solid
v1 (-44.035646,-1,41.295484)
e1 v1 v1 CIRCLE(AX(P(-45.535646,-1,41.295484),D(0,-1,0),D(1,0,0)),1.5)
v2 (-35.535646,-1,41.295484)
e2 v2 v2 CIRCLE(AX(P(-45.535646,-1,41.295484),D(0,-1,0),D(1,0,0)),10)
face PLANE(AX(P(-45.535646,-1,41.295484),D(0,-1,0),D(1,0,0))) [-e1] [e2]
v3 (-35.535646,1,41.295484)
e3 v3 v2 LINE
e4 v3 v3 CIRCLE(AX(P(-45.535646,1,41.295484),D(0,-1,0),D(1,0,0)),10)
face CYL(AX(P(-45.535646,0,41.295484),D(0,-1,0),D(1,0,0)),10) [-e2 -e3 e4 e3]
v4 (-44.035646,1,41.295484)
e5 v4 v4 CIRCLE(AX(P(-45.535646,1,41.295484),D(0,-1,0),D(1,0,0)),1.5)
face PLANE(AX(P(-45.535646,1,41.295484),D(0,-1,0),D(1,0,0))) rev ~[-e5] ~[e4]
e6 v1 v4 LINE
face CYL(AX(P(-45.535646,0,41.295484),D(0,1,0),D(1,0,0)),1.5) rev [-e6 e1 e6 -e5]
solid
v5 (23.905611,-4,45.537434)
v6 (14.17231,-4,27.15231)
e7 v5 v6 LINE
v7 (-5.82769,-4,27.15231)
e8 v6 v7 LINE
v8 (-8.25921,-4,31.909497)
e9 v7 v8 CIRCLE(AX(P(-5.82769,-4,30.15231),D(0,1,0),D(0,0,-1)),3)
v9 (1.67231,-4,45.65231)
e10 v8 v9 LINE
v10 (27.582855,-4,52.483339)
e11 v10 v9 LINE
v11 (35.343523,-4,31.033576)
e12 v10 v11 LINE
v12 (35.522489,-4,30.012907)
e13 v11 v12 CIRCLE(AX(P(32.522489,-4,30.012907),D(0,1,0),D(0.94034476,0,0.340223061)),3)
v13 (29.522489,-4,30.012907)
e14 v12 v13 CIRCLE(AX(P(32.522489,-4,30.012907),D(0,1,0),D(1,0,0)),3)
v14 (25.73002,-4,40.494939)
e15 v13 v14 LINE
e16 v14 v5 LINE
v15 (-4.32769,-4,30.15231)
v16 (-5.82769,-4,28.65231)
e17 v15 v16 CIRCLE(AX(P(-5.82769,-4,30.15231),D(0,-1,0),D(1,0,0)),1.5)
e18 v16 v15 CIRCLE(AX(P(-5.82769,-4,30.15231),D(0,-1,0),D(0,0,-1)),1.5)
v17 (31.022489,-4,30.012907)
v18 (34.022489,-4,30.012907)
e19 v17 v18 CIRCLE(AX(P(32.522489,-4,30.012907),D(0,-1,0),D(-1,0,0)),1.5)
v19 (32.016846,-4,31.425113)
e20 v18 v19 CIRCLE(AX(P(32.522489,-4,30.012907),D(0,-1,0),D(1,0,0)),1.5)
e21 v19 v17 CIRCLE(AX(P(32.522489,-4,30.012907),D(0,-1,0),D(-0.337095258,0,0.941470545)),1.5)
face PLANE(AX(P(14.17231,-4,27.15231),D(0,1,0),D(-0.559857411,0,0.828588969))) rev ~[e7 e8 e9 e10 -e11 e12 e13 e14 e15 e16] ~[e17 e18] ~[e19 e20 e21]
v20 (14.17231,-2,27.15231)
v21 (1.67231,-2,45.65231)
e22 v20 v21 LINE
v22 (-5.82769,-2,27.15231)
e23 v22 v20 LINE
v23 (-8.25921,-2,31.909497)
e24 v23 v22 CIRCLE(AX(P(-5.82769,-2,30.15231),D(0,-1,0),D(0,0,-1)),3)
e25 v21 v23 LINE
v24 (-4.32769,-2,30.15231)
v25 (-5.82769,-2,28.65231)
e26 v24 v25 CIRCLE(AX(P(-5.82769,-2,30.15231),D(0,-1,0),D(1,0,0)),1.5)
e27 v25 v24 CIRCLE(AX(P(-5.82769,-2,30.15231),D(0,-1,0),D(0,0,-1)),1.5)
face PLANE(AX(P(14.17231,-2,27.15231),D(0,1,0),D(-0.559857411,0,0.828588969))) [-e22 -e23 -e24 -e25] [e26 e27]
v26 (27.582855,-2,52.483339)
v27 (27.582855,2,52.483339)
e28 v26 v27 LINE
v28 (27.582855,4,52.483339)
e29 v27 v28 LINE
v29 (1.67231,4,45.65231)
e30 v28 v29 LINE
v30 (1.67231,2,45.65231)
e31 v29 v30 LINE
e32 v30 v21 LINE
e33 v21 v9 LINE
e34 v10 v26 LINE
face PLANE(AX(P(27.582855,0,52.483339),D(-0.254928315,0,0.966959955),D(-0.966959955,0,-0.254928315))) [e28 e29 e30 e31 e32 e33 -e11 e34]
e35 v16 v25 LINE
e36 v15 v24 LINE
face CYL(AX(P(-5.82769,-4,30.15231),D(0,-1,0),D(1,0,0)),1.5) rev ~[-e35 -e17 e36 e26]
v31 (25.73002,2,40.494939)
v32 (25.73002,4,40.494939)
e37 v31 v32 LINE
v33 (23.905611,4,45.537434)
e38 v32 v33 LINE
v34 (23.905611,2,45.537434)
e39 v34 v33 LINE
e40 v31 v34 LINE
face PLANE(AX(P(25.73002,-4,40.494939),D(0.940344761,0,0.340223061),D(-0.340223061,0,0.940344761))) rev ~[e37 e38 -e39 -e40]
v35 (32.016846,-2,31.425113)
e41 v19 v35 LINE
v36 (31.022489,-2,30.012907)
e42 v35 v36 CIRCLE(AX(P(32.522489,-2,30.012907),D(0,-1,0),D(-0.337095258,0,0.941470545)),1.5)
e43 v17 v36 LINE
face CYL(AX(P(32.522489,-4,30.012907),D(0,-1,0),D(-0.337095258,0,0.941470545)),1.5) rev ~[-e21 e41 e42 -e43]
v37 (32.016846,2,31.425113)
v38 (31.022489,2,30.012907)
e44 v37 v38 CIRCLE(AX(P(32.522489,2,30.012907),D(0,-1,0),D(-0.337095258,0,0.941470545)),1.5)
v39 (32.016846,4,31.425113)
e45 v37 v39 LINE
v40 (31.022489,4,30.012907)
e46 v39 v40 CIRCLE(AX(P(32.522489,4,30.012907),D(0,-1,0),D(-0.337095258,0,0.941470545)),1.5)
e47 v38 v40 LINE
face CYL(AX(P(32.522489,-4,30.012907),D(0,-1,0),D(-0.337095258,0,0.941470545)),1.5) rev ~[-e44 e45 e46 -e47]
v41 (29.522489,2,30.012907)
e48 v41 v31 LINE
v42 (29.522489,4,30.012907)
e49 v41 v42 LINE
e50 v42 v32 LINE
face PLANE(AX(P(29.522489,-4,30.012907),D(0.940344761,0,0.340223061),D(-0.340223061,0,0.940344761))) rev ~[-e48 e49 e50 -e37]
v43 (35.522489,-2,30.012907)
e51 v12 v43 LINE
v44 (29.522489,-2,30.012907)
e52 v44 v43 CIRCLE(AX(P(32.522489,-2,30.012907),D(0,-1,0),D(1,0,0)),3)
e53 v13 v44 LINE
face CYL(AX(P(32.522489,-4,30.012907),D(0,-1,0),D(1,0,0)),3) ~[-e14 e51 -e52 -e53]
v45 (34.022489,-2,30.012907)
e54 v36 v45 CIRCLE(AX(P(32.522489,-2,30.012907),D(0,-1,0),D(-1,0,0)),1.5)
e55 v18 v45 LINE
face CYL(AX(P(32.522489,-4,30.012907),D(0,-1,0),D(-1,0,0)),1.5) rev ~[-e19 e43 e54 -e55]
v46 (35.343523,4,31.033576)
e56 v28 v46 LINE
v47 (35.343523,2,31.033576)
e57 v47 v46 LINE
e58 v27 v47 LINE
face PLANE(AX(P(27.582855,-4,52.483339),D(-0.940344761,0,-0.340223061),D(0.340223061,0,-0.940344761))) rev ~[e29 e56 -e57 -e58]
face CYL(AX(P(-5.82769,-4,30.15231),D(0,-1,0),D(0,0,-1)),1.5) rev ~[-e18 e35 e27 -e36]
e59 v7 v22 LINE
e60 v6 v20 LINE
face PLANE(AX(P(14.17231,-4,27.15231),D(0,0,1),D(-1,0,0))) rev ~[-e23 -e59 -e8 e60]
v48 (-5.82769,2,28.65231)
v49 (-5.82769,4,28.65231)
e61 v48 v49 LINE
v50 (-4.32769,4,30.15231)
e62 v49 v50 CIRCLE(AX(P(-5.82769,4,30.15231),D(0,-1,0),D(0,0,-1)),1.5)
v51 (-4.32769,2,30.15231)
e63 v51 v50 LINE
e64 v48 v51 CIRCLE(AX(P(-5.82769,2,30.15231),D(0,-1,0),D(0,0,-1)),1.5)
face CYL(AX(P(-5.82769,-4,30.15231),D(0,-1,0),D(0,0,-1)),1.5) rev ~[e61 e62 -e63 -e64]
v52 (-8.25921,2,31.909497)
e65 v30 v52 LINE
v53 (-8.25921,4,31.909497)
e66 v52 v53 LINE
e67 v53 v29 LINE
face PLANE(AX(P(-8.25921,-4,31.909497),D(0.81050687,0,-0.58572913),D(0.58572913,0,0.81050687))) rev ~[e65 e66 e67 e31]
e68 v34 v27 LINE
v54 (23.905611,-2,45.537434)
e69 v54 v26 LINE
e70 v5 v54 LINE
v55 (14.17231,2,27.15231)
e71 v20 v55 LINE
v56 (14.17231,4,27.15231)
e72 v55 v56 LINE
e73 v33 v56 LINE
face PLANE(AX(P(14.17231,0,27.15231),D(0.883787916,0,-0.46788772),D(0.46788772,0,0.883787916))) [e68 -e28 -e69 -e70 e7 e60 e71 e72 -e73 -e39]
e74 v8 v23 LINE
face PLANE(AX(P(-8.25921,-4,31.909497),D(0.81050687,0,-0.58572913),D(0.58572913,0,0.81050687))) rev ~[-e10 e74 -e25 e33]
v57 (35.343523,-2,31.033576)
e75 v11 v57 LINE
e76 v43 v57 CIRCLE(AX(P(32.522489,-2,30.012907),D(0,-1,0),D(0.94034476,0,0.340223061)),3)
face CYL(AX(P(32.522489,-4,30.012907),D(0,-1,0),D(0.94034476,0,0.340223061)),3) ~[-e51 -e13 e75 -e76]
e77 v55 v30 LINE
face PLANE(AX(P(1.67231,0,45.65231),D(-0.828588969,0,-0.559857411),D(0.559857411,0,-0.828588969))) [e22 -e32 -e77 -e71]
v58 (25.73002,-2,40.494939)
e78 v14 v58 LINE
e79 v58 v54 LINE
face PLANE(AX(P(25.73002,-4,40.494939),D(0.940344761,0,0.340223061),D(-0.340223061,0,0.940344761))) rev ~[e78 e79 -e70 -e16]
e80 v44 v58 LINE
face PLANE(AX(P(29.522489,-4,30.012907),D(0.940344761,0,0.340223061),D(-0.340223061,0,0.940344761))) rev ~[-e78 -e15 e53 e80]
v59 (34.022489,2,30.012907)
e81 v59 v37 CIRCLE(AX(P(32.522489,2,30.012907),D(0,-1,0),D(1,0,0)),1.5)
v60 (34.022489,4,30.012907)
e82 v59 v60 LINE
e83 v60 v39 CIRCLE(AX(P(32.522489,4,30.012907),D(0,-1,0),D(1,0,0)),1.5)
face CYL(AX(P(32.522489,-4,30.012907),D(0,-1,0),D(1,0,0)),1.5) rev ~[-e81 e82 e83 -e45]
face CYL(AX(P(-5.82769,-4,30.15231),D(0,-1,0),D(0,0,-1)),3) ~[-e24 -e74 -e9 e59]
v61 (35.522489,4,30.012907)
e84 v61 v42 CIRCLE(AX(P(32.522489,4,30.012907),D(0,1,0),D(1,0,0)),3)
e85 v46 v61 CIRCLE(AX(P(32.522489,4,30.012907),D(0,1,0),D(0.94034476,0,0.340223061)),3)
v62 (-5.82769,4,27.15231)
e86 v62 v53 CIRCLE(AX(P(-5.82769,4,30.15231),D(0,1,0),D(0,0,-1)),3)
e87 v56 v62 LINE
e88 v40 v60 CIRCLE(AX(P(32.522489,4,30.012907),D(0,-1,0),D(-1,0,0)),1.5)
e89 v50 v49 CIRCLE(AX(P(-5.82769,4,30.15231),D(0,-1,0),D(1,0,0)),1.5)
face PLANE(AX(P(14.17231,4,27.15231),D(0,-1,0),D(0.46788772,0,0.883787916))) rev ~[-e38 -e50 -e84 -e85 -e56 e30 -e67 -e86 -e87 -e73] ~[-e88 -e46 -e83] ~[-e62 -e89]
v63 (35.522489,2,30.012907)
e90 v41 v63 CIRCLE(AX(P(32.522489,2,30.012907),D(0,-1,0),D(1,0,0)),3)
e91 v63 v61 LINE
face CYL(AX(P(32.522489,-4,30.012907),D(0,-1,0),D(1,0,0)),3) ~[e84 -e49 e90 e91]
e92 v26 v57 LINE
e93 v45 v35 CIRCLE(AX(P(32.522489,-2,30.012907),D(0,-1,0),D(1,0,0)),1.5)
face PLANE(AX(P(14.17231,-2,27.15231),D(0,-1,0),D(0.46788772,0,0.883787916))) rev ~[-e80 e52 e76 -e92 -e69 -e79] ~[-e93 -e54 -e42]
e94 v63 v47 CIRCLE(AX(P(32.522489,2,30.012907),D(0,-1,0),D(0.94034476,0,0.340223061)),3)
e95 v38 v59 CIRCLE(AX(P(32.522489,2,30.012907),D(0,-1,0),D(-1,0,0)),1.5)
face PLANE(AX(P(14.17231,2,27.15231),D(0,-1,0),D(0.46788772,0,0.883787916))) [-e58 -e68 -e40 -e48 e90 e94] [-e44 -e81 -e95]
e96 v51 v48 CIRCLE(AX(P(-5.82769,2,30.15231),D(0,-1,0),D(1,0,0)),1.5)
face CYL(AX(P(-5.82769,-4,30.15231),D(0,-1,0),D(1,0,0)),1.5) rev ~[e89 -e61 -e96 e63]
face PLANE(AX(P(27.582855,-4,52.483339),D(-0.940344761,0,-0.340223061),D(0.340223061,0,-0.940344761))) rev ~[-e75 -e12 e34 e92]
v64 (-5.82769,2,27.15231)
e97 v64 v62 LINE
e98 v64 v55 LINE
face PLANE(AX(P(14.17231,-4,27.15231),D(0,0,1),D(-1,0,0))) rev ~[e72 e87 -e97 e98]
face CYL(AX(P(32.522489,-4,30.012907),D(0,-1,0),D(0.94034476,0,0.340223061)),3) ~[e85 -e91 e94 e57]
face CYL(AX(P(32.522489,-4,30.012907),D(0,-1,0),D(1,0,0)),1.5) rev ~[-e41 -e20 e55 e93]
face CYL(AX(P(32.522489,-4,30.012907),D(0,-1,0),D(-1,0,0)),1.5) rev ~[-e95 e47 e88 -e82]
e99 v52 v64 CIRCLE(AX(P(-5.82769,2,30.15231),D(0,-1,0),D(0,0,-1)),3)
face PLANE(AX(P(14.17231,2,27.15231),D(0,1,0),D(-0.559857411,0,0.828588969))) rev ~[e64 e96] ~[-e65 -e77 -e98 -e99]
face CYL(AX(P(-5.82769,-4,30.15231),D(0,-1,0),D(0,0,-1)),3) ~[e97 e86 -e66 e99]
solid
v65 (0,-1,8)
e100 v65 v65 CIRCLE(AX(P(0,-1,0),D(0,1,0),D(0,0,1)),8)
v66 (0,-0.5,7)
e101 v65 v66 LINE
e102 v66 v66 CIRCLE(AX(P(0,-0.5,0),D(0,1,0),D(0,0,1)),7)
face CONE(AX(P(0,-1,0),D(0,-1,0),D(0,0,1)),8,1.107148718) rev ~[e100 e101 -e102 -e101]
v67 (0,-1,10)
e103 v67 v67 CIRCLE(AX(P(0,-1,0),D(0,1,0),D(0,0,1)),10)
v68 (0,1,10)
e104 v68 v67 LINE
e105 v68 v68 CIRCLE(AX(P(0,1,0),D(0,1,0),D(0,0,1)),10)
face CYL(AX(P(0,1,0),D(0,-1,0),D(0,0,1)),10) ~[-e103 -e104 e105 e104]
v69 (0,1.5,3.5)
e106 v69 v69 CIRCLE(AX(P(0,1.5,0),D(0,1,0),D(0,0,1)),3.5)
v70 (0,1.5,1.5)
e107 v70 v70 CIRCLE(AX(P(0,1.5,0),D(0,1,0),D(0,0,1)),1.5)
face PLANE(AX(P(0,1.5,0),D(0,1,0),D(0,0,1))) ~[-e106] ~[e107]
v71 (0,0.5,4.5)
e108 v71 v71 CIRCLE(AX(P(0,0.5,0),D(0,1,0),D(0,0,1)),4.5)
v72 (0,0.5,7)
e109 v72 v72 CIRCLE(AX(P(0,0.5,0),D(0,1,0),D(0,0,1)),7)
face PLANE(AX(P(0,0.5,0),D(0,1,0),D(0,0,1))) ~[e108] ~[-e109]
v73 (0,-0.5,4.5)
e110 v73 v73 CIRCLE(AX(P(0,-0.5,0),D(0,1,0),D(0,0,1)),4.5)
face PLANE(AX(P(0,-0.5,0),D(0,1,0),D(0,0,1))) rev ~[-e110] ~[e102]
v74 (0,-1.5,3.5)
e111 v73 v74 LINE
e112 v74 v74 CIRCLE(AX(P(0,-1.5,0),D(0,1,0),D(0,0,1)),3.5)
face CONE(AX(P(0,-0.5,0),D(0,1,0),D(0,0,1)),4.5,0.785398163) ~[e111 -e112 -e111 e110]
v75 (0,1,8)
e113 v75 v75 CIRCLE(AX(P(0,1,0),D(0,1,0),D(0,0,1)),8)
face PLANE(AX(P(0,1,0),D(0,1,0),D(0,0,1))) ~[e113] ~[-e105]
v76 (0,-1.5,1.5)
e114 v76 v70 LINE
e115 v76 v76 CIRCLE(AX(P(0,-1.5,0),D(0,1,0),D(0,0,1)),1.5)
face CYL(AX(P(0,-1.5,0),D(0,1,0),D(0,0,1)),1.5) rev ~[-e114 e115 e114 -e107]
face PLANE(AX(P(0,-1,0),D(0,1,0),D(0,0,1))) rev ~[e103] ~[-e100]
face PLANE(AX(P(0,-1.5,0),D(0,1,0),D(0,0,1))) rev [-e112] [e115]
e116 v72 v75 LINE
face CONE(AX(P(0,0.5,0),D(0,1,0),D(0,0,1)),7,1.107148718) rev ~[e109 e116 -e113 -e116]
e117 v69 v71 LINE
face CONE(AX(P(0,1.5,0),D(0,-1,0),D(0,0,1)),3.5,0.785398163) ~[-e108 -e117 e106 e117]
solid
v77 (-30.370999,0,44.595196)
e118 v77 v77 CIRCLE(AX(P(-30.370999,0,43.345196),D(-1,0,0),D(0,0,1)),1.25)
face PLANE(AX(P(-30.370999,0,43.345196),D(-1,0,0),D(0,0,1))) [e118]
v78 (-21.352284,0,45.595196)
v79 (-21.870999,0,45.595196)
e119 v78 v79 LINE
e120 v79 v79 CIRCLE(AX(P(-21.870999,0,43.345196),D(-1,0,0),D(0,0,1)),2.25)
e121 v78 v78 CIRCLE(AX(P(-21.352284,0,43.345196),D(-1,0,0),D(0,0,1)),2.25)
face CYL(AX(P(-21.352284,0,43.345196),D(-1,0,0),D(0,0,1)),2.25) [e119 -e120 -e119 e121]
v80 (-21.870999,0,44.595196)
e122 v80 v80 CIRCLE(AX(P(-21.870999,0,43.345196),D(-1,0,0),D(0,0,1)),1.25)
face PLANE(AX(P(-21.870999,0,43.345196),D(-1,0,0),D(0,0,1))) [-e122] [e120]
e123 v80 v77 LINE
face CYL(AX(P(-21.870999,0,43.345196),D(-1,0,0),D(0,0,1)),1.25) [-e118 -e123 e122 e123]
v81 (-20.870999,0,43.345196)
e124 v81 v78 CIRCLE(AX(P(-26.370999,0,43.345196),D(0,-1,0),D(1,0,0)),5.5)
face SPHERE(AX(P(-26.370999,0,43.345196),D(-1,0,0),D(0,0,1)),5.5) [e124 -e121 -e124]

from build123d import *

# Parameters (mm, degrees)
F0_R      = 10
F0_R_2    = 1.5
F1_DEPTH  = 1
F4_DEPTH  = 4
F5_W      = 2
F5_H      = 22.3271135618
F6_DEPTH  = 25
F7_W      = 2
F7_H      = 28.6618866032
F8_DEPTH  = 25
F10_DEPTH = 8
F11_W     = 0.5
F11_H     = 2


with BuildPart() as f1:
    # F0 (on Front) → F1 (new body, symmetric)
    with BuildSketch(Plane.XZ):
        with Locations((-45.535646379, 41.2954837084)):
            Circle(F0_R)
        with Locations((-45.535646379, 41.2954837084)):
            Circle(F0_R_2, mode=Mode.SUBTRACT)
    extrude(amount=F1_DEPTH, both=True)


with BuildPart() as f2:
    # F0 (on Front) → F2 (revolve)
    with BuildSketch(Plane.XZ):
        Polygon((-21.8709991276, 44.595195502), (-30.3709991276, 44.595195502), (-30.3709991276, 43.345195502), (-26.3709991276, 43.345195502), (-21.8709991276, 43.345195502), align=None)
        with BuildLine():
            Line((-21.8709991276, 45.595195502), (-21.8709991276, 44.595195502))
            Line((-21.8709991276, 44.595195502), (-21.8709991276, 43.345195502))
            Line((-21.8709991276, 43.345195502), (-20.8709991276, 43.345195502))
            ThreePointArc((-20.8709991276, 43.345195502), (-20.9926660977, 44.4956449007), (-21.3522841527, 45.595195502))
            Line((-21.3522841527, 45.595195502), (-21.8709991276, 45.595195502))
        make_face()
    revolve(axis=Axis((-24.1209991276, 0, 43.345195502), (-1, 0, 0)))


with BuildPart() as f4:
    # F3 (on Front) → F4 (new body, symmetric)
    with BuildSketch(Plane.XZ):
        Polygon((27.5828548965, 52.4833389268), (1.6723101108, 45.6523098871), (14.1723101108, 27.1523098871), align=None)
    extrude(amount=F4_DEPTH, both=True)

    # F5 (on face) → F6 (join)
    with BuildSketch(Plane(origin=(22.3258671952, 0, 15.0850454022), x_dir=(0, -1, 0), z_dir=(-0.8285889687, 0, -0.5598574113))):
        with Locations((3, 25.7271883774)):
            Rectangle(F5_W, F5_H)
        with Locations((-3, 25.7271883774)):
            Rectangle(F5_W, F5_H)
    extrude(amount=F6_DEPTH)

    # F7 (on face) → F8 (join)
    with BuildSketch(Plane(origin=(-0.1581237587, 0, 0.0837125781), x_dir=(0, 1, 0), z_dir=(0.8837879163, 0, -0.4678877204))):
        with Locations((3, 44.9588765516)):
            Rectangle(F7_W, F7_H)
        with Locations((-3, 44.9588765516)):
            Rectangle(F7_W, F7_H)
    extrude(amount=F8_DEPTH)

    # F9 (on face) → F10 (cut)
    with BuildSketch(Plane.XZ.offset(4)):
        with BuildLine():
            Line((-6.5424141065, 13.1558746052), (14.1723101108, 27.1523098871))
            Line((14.1723101108, 27.1523098871), (-5.8276898892, 27.1523098871))
            ThreePointArc((-5.8276898892, 27.1523098871), (-8.4989781715, 28.786945865), (-8.2592104981, 31.9094972785))
            Line((-8.2592104981, 31.9094972785), (1.6723101108, 45.6523098871))
            Line((1.6723101108, 45.6523098871), (-19.0424141065, 31.6558746052))
            Line((-19.0424141065, 31.6558746052), (-6.5424141065, 13.1558746052))
        make_face()
        with BuildLine():
            Line((23.9056109098, 45.5374336186), (14.1723101108, 27.1523098871))
            Line((14.1723101108, 27.1523098871), (36.2670080195, 15.4551168766))
            Line((36.2670080195, 15.4551168766), (49.6775528052, 40.7861459163))
            Line((49.6775528052, 40.7861459163), (27.5828548965, 52.4833389268))
            Line((27.5828548965, 52.4833389268), (35.3435232626, 31.0335764831))
            ThreePointArc((35.3435232626, 31.0335764831), (35.4774088483, 30.5310275346), (35.5224889809, 30.0129073001))
            ThreePointArc((35.5224889809, 30.0129073001), (32.5224889809, 27.0129073001), (29.5224889809, 30.0129073001))
            Line((29.5224889809, 30.0129073001), (25.7300195237, 40.4949386271))
            Line((25.7300195237, 40.4949386271), (23.9056109098, 45.5374336186))
        make_face()
        with BuildLine():
            ThreePointArc((-4.3276898892, 30.1523098871), (-6.888350061, 31.2129700589), (-5.8276898892, 28.6523098871))
            ThreePointArc((-5.8276898892, 28.6523098871), (-4.7670297174, 29.0916497153), (-4.3276898892, 30.1523098871))
        make_face()
        with BuildLine():
            ThreePointArc((34.0224889809, 30.0129073001), (33.3860674859, 31.2393787289), (32.0168460932, 31.4251131173))
            Line((32.0168460932, 31.4251131173), (32.5224889809, 30.0129073001))
            Line((32.5224889809, 30.0129073001), (31.0224889809, 30.0129073001))
            ThreePointArc((31.0224889809, 30.0129073001), (32.5224889809, 28.5129073001), (34.0224889809, 30.0129073001))
        make_face()
        with BuildLine():
            Line((32.5224889809, 30.0129073001), (32.0168460932, 31.4251131173))
            ThreePointArc((32.0168460932, 31.4251131173), (31.2960175521, 30.8764858051), (31.0224889809, 30.0129073001))
            Line((31.0224889809, 30.0129073001), (32.5224889809, 30.0129073001))
        make_face()
    extrude(amount=-F10_DEPTH, mode=Mode.SUBTRACT)


with BuildPart() as f12:
    # F11 (on Right) → F12 (revolve)
    with BuildSketch(Plane.YZ):
        Polygon((-1, 1.5), (0, 1.5), (1, 1.5), (1, 3.5), (0.5, 3.5), (0.5, 4.5), (0.5, 7), (0.5, 8), (1, 8), (1, 10), (-1, 10), (-1, 8), (-0.5, 8), (-0.5, 7), (-0.5, 4.5), (-0.5, 3.5), (-1, 3.5), align=None)
        with Locations((1.25, 2.5)):
            Rectangle(F11_W, F11_H)
        Polygon((1, 4), (1, 3.5), (1.5, 3.5), align=None)
        Polygon((0.5, 3.5), (1, 3.5), (1, 4), (0.5, 4.5), align=None)
        Polygon((-1, 4), (-1, 3.5), (-0.5, 3.5), (-0.5, 4.5), align=None)
        Polygon((-1.5, 3.5), (-1, 3.5), (-1, 4), align=None)
        with Locations((-1.25, 2.5)):
            Rectangle(F11_W, F11_H)
        Polygon((0.5, 7), (1, 8), (0.5, 8), align=None)
        Polygon((-0.5, 8), (-1, 8), (-0.5, 7), align=None)
    revolve(axis=Axis((0, 0.5, 0), (0, 1, 0)))


solid = Compound([f1.part, f2.part, f4.part, f12.part])
